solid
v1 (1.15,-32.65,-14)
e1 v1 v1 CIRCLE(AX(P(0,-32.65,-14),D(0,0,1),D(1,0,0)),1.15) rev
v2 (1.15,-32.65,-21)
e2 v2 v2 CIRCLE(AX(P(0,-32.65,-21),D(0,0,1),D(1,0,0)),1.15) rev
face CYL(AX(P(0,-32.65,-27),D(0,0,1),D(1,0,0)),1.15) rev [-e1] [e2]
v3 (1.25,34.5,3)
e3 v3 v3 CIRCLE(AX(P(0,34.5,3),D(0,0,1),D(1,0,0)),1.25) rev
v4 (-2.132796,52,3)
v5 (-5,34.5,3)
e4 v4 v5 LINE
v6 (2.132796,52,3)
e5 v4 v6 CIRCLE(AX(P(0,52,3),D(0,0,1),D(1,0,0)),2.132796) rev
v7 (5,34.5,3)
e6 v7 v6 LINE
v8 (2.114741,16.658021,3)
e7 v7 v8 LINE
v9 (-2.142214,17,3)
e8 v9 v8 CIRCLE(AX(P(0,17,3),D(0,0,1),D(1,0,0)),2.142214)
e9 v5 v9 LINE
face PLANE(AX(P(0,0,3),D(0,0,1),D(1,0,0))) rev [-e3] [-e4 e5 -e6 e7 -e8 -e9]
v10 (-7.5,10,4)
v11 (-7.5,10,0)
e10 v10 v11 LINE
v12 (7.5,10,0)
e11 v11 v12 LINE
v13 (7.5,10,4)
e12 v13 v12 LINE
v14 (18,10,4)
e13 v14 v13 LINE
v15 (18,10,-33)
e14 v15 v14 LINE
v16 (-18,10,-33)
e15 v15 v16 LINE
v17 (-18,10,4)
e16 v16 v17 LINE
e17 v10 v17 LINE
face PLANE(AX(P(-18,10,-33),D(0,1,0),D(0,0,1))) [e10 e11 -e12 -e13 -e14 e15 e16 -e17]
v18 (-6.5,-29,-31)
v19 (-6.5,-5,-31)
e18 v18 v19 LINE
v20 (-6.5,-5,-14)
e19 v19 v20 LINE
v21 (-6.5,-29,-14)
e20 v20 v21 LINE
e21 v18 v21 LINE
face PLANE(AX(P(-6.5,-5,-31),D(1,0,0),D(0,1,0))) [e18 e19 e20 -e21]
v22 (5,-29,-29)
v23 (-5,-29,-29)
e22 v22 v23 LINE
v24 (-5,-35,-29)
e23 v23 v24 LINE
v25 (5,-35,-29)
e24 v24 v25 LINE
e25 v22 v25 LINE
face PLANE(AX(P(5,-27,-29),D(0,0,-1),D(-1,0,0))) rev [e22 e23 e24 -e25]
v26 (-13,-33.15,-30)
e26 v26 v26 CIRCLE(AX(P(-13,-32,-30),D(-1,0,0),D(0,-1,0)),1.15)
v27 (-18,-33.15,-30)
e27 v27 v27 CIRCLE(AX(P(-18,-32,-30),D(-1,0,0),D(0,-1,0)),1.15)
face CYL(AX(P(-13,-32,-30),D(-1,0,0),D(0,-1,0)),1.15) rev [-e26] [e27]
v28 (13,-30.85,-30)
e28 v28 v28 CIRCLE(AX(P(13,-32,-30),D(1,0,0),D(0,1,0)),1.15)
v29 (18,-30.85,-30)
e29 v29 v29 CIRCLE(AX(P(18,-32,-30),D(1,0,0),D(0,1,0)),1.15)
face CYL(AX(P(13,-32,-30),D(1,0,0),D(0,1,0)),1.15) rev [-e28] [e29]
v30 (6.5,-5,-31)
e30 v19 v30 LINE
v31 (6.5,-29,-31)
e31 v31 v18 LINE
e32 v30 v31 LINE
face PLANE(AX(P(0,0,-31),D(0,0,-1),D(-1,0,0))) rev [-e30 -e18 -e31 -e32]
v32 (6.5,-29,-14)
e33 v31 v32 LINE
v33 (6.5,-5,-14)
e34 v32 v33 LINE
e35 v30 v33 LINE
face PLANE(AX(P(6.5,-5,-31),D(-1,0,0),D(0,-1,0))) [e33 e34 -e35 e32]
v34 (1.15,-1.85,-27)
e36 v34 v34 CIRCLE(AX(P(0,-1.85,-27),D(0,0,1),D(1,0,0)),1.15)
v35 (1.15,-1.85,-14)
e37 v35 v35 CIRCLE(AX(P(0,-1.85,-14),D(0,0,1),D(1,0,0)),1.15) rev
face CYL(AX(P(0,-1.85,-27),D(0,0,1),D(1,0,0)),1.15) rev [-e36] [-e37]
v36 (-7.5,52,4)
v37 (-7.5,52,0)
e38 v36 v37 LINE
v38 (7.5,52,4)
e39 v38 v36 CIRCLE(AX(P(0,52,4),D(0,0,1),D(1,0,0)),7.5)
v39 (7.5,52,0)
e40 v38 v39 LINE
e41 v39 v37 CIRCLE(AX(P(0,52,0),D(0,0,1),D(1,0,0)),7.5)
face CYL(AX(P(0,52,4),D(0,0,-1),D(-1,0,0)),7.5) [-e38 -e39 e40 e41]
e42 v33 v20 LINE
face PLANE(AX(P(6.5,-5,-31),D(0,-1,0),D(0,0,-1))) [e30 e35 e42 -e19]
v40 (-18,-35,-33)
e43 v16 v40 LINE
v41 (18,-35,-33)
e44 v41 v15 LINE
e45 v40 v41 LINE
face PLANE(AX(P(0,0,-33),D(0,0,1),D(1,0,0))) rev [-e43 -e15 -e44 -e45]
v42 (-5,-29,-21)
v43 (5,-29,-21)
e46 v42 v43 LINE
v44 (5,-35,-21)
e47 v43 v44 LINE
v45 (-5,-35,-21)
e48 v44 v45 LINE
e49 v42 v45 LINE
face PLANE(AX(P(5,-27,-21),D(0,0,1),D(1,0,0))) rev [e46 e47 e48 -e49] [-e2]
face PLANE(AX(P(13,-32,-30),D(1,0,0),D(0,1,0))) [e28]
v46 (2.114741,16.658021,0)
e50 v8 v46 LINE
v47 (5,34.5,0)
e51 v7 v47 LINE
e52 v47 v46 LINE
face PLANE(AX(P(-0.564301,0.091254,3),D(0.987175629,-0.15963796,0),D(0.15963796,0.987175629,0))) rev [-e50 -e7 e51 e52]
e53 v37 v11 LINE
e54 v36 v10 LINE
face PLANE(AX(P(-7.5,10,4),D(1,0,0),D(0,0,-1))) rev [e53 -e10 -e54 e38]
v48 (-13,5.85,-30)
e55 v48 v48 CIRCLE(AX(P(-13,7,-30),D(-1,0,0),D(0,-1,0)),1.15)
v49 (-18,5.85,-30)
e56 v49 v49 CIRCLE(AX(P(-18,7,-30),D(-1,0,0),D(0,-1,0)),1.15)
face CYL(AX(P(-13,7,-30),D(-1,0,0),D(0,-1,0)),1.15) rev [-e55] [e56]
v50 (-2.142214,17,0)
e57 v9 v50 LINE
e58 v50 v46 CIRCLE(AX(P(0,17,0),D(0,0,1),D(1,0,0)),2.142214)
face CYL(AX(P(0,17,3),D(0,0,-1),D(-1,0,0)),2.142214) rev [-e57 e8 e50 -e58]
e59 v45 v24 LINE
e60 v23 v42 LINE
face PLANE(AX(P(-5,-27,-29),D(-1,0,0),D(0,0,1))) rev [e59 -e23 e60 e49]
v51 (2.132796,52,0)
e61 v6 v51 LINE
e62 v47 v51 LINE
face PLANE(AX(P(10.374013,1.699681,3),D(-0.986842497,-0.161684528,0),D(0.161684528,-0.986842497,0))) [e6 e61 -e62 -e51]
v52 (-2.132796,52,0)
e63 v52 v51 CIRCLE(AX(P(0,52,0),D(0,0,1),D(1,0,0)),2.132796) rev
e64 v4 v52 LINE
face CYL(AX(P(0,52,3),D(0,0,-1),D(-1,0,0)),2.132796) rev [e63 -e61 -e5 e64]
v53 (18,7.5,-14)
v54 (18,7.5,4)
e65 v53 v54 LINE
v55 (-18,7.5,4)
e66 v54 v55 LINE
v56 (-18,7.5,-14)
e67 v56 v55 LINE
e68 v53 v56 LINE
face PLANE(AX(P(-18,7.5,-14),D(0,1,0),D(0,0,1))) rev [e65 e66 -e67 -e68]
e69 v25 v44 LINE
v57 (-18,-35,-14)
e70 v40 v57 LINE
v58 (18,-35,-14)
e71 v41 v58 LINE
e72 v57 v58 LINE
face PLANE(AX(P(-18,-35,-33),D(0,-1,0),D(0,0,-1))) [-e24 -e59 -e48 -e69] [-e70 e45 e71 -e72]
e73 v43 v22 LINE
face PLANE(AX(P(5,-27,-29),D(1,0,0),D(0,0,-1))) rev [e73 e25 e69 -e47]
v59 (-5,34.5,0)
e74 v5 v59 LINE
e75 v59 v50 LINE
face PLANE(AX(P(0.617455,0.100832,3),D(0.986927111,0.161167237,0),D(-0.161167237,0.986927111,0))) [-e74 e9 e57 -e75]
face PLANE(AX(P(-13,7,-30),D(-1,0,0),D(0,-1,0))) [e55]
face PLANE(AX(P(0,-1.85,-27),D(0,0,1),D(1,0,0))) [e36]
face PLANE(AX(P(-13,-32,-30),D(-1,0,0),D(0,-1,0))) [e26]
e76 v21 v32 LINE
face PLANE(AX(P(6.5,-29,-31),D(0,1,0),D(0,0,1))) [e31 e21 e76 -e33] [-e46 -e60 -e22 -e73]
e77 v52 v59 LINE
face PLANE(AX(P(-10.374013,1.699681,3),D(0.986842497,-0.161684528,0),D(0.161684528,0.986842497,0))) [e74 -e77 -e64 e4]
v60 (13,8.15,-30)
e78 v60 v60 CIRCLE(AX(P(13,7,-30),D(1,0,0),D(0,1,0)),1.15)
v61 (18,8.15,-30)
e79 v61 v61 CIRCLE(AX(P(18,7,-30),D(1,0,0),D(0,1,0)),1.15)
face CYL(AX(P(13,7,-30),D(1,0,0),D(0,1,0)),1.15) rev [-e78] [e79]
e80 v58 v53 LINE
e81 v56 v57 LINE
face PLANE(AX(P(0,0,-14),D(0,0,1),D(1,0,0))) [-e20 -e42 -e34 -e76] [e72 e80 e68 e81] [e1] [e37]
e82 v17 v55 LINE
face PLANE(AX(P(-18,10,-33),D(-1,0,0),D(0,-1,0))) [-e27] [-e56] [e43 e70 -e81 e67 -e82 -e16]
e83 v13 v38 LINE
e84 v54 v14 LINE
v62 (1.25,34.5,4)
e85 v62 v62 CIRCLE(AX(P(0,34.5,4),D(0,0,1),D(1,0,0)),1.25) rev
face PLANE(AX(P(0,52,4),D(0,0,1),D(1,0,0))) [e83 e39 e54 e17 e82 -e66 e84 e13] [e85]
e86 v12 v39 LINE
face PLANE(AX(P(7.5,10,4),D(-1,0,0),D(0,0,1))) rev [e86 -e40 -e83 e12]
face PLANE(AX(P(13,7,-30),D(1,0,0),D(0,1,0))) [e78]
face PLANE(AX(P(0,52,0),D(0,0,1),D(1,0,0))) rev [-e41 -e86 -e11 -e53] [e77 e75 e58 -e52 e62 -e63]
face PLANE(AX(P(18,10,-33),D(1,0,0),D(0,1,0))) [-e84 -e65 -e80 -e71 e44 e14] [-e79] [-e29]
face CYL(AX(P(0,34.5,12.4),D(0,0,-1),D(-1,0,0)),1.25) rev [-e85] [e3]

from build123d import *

# Parameters (mm, degrees)
EXTRUDE_1_DEPTH     = 4
CUT_EXTRUDE_1_DEPTH = 3
SKETCH_5_R          = 1.25
CUT_EXTRUDE_2_DEPTH = 12.4
SKETCH_13_W         = 36
SKETCH_13_H         = 45
EXTRUDE_2_DEPTH     = 37
SKETCH_14_W         = 13
SKETCH_14_H         = 24
CUT_EXTRUDE_3_DEPTH = 35
SKETCH_15_R         = 1.15
CUT_EXTRUDE_4_DEPTH = 31
SKETCH_16_W         = 10
SKETCH_16_H         = 8
CUT_EXTRUDE_5_DEPTH = 8
SKETCH_17_W         = 36
SKETCH_17_H         = 42.5
CUT_EXTRUDE_6_DEPTH = 18
SKETCH_23_R         = 1.15
CUT_EXTRUDE_7_DEPTH = 5
SKETCH_24_R         = 1.15
CUT_EXTRUDE_8_DEPTH = 5


with BuildPart() as part:
    # 草圖1 → 填料-伸長1 (new body)
    with BuildSketch(Plane.XY):
        with BuildLine():
            Line((7.5, 10), (7.5, 52))
            ThreePointArc((7.5, 52), (0, 59.5), (-7.5, 52))
            Line((-7.5, 52), (-7.5, 10))
            Line((-7.5, 10), (7.5, 10))
        make_face()
    extrude(amount=EXTRUDE_1_DEPTH)

    # 草圖3 → 除料-伸長1 (cut)
    with BuildSketch(Plane.XY):
        with BuildLine():
            ThreePointArc((-2.132795501, 52), (0, 54.132795501), (2.132795501, 52))
            Line((2.132795501, 52), (5, 34.5))
            Line((5, 34.5), (2.114741289, 16.658021353))
            ThreePointArc((2.114741289, 16.658021353), (-0.171540182, 14.864665347), (-2.142213835, 17))
            Line((-2.142213835, 17), (-5, 34.5))
            Line((-5, 34.5), (-2.132795501, 52))
        make_face()
    extrude(amount=CUT_EXTRUDE_1_DEPTH, mode=Mode.SUBTRACT)

    # 草圖5 → 除料-伸長2 (cut)
    with BuildSketch(Plane.XY):
        with Locations((0, 34.5)):
            Circle(SKETCH_5_R)
    extrude(amount=CUT_EXTRUDE_2_DEPTH, mode=Mode.SUBTRACT)

    # 草圖13 → 填料-伸長2 (add)
    with BuildSketch(Plane.XY.offset(4)):
        with Locations((0, -12.5)):
            Rectangle(SKETCH_13_W, SKETCH_13_H)
    extrude(amount=-EXTRUDE_2_DEPTH)

    # 草圖14 → 除料-伸長3 (cut)
    with BuildSketch(Plane(origin=(0, 0, 4), x_dir=(-1, 0, 0), z_dir=(0, 0, -1))):
        with Locations((0, -17)):
            Rectangle(SKETCH_14_W, SKETCH_14_H)
    extrude(amount=CUT_EXTRUDE_3_DEPTH, mode=Mode.SUBTRACT)

    # 草圖15 → 除料-伸長4 (cut)
    with BuildSketch(Plane.XY.offset(4)):
        with Locations((0, -1.85)):
            Circle(SKETCH_15_R)
        with Locations((0, -32.65)):
            Circle(SKETCH_15_R)
    extrude(amount=-CUT_EXTRUDE_4_DEPTH, mode=Mode.SUBTRACT)

    # 草圖16 → 除料-伸長5 (cut)
    with BuildSketch(Plane(origin=(0, -35, 0), x_dir=(-1, 0, 0), z_dir=(0, -1, 0))):
        with Locations((0, 25)):
            Rectangle(SKETCH_16_W, SKETCH_16_H)
    extrude(amount=-CUT_EXTRUDE_5_DEPTH, mode=Mode.SUBTRACT)

    # 草圖17 → 除料-伸長6 (cut)
    with BuildSketch(Plane.XY.offset(4)):
        with Locations((0, -13.75)):
            Rectangle(SKETCH_17_W, SKETCH_17_H)
    extrude(amount=-CUT_EXTRUDE_6_DEPTH, mode=Mode.SUBTRACT)

    # 草圖23 → 除料-伸長7 (cut)
    with BuildSketch(Plane.ZY.offset(18)):
        with Locations((-30, 7)):
            Circle(SKETCH_23_R)
        with Locations((-30, -32)):
            Circle(SKETCH_23_R)
    extrude(amount=-CUT_EXTRUDE_7_DEPTH, mode=Mode.SUBTRACT)

    # 草圖24 → 除料-伸長8 (cut)
    with BuildSketch(Plane(origin=(18, 0, 0), x_dir=(0, 0, -1), z_dir=(1, 0, 0))):
        with Locations((30, 7)):
            Circle(SKETCH_24_R)
        with Locations((30, -32)):
            Circle(SKETCH_24_R)
    extrude(amount=-CUT_EXTRUDE_8_DEPTH, mode=Mode.SUBTRACT)


solid = part.part
